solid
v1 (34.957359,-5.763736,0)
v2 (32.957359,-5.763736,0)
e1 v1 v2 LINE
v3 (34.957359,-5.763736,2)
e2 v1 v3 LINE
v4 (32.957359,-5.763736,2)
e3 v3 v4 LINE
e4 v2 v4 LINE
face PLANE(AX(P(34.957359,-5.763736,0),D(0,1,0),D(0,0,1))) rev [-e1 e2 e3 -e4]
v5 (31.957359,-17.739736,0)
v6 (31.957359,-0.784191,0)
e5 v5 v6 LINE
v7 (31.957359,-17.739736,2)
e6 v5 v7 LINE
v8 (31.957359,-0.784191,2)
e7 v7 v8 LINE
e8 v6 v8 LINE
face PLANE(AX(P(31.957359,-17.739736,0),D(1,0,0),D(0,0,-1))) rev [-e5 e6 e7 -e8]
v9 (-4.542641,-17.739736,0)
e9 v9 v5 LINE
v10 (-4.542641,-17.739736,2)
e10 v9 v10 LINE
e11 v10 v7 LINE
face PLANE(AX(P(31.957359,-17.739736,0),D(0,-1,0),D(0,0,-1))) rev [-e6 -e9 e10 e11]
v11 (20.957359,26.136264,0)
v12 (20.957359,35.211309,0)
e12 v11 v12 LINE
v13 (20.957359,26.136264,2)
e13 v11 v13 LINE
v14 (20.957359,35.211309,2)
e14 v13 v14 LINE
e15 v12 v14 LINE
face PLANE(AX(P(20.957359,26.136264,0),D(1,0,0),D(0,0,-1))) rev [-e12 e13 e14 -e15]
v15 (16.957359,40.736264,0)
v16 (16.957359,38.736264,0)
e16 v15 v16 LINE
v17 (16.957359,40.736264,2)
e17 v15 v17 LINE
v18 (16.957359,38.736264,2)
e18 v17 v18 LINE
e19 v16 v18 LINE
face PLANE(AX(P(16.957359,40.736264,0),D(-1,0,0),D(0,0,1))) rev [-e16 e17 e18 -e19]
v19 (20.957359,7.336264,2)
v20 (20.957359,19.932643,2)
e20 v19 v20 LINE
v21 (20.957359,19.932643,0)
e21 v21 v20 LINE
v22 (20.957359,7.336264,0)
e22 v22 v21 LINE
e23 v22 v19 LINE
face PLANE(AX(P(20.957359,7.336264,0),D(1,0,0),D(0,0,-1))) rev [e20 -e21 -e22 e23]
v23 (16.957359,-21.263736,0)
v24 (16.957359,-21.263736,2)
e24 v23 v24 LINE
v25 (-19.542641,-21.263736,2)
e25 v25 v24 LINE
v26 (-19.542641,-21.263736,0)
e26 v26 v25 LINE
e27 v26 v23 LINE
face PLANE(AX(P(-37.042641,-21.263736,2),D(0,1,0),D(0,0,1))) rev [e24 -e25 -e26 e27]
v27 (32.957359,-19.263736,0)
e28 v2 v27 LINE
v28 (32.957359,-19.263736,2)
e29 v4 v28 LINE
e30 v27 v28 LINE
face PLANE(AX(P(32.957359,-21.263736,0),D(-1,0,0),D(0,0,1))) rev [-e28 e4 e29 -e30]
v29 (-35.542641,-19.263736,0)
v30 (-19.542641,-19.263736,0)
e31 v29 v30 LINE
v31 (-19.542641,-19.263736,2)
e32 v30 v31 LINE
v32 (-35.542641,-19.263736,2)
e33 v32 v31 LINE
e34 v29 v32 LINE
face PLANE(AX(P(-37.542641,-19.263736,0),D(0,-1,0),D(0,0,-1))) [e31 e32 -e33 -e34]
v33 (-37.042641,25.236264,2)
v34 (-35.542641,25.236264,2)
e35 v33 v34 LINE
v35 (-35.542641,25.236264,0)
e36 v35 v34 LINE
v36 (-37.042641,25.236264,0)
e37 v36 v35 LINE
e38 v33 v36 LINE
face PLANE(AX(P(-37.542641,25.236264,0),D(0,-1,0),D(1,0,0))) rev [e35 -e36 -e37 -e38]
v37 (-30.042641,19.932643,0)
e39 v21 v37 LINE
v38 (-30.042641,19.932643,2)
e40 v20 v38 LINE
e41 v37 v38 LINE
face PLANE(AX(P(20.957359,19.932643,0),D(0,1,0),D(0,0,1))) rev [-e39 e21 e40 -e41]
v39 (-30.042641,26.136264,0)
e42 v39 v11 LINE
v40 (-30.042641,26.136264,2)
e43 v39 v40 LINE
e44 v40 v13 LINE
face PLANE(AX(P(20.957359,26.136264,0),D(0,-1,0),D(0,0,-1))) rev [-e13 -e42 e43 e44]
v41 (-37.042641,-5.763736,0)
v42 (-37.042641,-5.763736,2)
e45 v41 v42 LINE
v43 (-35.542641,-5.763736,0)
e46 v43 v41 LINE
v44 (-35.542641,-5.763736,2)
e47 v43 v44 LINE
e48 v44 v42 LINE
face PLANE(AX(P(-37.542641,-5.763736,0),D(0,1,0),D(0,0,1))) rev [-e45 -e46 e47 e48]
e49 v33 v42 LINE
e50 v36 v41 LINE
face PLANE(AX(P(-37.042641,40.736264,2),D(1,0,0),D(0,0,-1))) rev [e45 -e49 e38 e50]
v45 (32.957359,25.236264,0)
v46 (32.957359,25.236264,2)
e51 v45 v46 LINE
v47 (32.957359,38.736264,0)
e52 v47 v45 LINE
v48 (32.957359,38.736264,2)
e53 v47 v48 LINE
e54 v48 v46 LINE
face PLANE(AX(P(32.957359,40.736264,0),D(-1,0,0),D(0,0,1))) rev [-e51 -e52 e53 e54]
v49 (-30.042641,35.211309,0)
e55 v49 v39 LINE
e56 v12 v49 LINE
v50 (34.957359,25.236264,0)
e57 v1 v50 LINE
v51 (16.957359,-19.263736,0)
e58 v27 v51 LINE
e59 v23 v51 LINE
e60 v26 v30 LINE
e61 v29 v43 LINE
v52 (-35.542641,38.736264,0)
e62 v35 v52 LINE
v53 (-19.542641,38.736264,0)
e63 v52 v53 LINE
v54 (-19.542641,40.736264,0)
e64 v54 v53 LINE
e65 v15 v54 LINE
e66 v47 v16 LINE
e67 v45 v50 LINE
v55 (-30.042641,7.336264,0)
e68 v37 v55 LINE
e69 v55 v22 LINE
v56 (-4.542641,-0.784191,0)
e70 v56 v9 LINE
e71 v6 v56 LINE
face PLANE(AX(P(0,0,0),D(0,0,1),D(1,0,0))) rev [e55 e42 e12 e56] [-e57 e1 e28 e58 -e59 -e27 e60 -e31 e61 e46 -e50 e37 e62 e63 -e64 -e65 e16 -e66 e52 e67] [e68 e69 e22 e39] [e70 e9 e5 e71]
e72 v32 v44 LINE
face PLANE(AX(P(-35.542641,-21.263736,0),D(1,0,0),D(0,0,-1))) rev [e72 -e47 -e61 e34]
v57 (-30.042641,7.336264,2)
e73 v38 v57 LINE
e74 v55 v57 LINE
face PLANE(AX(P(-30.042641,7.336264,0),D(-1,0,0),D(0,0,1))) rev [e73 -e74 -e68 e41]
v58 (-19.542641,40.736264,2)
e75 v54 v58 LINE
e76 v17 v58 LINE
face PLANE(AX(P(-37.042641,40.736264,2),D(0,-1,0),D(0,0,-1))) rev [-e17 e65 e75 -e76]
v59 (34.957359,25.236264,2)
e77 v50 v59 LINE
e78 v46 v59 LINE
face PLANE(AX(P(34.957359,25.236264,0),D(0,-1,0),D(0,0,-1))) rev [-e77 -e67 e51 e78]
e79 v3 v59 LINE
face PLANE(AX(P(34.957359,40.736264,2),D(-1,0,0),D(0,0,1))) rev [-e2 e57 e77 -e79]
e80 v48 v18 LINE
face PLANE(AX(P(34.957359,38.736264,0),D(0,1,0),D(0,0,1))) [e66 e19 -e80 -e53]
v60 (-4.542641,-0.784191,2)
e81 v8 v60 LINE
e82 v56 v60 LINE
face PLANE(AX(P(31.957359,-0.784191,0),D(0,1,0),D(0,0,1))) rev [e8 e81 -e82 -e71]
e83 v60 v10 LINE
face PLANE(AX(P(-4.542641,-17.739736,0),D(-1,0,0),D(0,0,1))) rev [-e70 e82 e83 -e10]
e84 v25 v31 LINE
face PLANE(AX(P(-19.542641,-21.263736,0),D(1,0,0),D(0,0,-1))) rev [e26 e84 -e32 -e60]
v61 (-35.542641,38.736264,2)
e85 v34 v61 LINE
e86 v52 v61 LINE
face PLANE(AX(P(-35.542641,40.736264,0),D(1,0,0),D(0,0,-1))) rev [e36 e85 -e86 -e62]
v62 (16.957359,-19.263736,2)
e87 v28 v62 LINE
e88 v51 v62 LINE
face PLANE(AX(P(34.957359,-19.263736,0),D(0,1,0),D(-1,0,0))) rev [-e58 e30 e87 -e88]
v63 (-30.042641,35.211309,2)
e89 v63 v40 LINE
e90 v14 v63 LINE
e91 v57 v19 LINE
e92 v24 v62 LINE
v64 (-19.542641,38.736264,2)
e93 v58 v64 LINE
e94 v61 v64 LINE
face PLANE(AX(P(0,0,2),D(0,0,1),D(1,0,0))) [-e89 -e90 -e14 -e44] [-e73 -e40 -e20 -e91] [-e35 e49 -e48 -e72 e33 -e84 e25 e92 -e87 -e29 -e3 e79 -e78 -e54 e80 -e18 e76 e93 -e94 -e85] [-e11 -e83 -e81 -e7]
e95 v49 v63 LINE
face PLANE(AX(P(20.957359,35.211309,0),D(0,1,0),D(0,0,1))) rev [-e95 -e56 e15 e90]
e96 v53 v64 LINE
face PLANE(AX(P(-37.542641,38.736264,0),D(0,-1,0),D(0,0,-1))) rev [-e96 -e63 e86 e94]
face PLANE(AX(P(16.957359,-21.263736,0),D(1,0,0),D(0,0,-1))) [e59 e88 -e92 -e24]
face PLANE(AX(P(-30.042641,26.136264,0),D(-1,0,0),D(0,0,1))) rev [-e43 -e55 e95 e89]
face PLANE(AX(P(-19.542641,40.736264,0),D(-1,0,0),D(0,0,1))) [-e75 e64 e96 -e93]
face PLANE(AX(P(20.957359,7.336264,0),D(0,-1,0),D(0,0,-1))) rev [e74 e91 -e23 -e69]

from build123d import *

# Parameters (mm, degrees)
SKETCH_1_W          = 72
SKETCH_1_H          = 62
EXTRUDE_1_DEPTH     = 2
SKETCH_2_W          = 18
SKETCH_2_H          = 2
CUT_EXTRUDE_1_DEPTH = 3
SKETCH_3_W          = 2
SKETCH_3_H          = 15.5
CUT_EXTRUDE_2_DEPTH = 3
SKETCH_4_W          = 36.5
SKETCH_4_H          = 16.955544823
SKETCH_4_W_2        = 51
SKETCH_4_H_2        = 12.596379679
SKETCH_4_H_3        = 9.075045386
CUT_EXTRUDE_3_DEPTH = 3


with BuildPart() as part:
    # ｽｹｯﾁ1 → ﾎﾞｽ - 押し出し1 (new body)
    with BuildSketch(Plane.XY):
        with Locations((-1.042641223, 9.736263736)):
            Rectangle(SKETCH_1_W, SKETCH_1_H)
    extrude(amount=EXTRUDE_1_DEPTH)

    # ｽｹｯﾁ2 → ｶｯﾄ - 押し出し1 (cut, through all)
    with BuildSketch(Plane.XY.offset(2)):
        with Locations((25.957358777, 39.736263736)):
            Rectangle(SKETCH_2_W, SKETCH_2_H)
        with Locations((-28.542641223, 39.736263736)):
            Rectangle(SKETCH_2_W, SKETCH_2_H)
        with Locations((-28.542641223, -20.263736264)):
            Rectangle(SKETCH_2_W, SKETCH_2_H)
        with Locations((25.957358777, -20.263736264)):
            Rectangle(SKETCH_2_W, SKETCH_2_H)
    extrude(amount=-CUT_EXTRUDE_1_DEPTH, mode=Mode.SUBTRACT)

    # ｽｹｯﾁ3 → ｶｯﾄ - 押し出し2 (cut, through all)
    with BuildSketch(Plane.XY.offset(2)):
        with Locations((33.957358777, 32.986263736)):
            Rectangle(SKETCH_3_W, SKETCH_3_H)
        with Locations((33.957358777, -13.513736264)):
            Rectangle(SKETCH_3_W, SKETCH_3_H)
        with Locations((-36.542641223, -13.513736264)):
            Rectangle(SKETCH_3_W, SKETCH_3_H)
        with Locations((-36.542641223, 32.986263736)):
            Rectangle(SKETCH_3_W, SKETCH_3_H)
    extrude(amount=-CUT_EXTRUDE_2_DEPTH, mode=Mode.SUBTRACT)

    # ｽｹｯﾁ4 → ｶｯﾄ - 押し出し3 (cut, through all)
    with BuildSketch(Plane.XY.offset(2)):
        with Locations((13.707358777, -9.261963853)):
            Rectangle(SKETCH_4_W, SKETCH_4_H)
        with Locations((-4.542641223, 13.634453576)):
            Rectangle(SKETCH_4_W_2, SKETCH_4_H_2)
        with Locations((-4.542641223, 30.673786429)):
            Rectangle(SKETCH_4_W_2, SKETCH_4_H_3)
    extrude(amount=-CUT_EXTRUDE_3_DEPTH, mode=Mode.SUBTRACT)


solid = part.part
